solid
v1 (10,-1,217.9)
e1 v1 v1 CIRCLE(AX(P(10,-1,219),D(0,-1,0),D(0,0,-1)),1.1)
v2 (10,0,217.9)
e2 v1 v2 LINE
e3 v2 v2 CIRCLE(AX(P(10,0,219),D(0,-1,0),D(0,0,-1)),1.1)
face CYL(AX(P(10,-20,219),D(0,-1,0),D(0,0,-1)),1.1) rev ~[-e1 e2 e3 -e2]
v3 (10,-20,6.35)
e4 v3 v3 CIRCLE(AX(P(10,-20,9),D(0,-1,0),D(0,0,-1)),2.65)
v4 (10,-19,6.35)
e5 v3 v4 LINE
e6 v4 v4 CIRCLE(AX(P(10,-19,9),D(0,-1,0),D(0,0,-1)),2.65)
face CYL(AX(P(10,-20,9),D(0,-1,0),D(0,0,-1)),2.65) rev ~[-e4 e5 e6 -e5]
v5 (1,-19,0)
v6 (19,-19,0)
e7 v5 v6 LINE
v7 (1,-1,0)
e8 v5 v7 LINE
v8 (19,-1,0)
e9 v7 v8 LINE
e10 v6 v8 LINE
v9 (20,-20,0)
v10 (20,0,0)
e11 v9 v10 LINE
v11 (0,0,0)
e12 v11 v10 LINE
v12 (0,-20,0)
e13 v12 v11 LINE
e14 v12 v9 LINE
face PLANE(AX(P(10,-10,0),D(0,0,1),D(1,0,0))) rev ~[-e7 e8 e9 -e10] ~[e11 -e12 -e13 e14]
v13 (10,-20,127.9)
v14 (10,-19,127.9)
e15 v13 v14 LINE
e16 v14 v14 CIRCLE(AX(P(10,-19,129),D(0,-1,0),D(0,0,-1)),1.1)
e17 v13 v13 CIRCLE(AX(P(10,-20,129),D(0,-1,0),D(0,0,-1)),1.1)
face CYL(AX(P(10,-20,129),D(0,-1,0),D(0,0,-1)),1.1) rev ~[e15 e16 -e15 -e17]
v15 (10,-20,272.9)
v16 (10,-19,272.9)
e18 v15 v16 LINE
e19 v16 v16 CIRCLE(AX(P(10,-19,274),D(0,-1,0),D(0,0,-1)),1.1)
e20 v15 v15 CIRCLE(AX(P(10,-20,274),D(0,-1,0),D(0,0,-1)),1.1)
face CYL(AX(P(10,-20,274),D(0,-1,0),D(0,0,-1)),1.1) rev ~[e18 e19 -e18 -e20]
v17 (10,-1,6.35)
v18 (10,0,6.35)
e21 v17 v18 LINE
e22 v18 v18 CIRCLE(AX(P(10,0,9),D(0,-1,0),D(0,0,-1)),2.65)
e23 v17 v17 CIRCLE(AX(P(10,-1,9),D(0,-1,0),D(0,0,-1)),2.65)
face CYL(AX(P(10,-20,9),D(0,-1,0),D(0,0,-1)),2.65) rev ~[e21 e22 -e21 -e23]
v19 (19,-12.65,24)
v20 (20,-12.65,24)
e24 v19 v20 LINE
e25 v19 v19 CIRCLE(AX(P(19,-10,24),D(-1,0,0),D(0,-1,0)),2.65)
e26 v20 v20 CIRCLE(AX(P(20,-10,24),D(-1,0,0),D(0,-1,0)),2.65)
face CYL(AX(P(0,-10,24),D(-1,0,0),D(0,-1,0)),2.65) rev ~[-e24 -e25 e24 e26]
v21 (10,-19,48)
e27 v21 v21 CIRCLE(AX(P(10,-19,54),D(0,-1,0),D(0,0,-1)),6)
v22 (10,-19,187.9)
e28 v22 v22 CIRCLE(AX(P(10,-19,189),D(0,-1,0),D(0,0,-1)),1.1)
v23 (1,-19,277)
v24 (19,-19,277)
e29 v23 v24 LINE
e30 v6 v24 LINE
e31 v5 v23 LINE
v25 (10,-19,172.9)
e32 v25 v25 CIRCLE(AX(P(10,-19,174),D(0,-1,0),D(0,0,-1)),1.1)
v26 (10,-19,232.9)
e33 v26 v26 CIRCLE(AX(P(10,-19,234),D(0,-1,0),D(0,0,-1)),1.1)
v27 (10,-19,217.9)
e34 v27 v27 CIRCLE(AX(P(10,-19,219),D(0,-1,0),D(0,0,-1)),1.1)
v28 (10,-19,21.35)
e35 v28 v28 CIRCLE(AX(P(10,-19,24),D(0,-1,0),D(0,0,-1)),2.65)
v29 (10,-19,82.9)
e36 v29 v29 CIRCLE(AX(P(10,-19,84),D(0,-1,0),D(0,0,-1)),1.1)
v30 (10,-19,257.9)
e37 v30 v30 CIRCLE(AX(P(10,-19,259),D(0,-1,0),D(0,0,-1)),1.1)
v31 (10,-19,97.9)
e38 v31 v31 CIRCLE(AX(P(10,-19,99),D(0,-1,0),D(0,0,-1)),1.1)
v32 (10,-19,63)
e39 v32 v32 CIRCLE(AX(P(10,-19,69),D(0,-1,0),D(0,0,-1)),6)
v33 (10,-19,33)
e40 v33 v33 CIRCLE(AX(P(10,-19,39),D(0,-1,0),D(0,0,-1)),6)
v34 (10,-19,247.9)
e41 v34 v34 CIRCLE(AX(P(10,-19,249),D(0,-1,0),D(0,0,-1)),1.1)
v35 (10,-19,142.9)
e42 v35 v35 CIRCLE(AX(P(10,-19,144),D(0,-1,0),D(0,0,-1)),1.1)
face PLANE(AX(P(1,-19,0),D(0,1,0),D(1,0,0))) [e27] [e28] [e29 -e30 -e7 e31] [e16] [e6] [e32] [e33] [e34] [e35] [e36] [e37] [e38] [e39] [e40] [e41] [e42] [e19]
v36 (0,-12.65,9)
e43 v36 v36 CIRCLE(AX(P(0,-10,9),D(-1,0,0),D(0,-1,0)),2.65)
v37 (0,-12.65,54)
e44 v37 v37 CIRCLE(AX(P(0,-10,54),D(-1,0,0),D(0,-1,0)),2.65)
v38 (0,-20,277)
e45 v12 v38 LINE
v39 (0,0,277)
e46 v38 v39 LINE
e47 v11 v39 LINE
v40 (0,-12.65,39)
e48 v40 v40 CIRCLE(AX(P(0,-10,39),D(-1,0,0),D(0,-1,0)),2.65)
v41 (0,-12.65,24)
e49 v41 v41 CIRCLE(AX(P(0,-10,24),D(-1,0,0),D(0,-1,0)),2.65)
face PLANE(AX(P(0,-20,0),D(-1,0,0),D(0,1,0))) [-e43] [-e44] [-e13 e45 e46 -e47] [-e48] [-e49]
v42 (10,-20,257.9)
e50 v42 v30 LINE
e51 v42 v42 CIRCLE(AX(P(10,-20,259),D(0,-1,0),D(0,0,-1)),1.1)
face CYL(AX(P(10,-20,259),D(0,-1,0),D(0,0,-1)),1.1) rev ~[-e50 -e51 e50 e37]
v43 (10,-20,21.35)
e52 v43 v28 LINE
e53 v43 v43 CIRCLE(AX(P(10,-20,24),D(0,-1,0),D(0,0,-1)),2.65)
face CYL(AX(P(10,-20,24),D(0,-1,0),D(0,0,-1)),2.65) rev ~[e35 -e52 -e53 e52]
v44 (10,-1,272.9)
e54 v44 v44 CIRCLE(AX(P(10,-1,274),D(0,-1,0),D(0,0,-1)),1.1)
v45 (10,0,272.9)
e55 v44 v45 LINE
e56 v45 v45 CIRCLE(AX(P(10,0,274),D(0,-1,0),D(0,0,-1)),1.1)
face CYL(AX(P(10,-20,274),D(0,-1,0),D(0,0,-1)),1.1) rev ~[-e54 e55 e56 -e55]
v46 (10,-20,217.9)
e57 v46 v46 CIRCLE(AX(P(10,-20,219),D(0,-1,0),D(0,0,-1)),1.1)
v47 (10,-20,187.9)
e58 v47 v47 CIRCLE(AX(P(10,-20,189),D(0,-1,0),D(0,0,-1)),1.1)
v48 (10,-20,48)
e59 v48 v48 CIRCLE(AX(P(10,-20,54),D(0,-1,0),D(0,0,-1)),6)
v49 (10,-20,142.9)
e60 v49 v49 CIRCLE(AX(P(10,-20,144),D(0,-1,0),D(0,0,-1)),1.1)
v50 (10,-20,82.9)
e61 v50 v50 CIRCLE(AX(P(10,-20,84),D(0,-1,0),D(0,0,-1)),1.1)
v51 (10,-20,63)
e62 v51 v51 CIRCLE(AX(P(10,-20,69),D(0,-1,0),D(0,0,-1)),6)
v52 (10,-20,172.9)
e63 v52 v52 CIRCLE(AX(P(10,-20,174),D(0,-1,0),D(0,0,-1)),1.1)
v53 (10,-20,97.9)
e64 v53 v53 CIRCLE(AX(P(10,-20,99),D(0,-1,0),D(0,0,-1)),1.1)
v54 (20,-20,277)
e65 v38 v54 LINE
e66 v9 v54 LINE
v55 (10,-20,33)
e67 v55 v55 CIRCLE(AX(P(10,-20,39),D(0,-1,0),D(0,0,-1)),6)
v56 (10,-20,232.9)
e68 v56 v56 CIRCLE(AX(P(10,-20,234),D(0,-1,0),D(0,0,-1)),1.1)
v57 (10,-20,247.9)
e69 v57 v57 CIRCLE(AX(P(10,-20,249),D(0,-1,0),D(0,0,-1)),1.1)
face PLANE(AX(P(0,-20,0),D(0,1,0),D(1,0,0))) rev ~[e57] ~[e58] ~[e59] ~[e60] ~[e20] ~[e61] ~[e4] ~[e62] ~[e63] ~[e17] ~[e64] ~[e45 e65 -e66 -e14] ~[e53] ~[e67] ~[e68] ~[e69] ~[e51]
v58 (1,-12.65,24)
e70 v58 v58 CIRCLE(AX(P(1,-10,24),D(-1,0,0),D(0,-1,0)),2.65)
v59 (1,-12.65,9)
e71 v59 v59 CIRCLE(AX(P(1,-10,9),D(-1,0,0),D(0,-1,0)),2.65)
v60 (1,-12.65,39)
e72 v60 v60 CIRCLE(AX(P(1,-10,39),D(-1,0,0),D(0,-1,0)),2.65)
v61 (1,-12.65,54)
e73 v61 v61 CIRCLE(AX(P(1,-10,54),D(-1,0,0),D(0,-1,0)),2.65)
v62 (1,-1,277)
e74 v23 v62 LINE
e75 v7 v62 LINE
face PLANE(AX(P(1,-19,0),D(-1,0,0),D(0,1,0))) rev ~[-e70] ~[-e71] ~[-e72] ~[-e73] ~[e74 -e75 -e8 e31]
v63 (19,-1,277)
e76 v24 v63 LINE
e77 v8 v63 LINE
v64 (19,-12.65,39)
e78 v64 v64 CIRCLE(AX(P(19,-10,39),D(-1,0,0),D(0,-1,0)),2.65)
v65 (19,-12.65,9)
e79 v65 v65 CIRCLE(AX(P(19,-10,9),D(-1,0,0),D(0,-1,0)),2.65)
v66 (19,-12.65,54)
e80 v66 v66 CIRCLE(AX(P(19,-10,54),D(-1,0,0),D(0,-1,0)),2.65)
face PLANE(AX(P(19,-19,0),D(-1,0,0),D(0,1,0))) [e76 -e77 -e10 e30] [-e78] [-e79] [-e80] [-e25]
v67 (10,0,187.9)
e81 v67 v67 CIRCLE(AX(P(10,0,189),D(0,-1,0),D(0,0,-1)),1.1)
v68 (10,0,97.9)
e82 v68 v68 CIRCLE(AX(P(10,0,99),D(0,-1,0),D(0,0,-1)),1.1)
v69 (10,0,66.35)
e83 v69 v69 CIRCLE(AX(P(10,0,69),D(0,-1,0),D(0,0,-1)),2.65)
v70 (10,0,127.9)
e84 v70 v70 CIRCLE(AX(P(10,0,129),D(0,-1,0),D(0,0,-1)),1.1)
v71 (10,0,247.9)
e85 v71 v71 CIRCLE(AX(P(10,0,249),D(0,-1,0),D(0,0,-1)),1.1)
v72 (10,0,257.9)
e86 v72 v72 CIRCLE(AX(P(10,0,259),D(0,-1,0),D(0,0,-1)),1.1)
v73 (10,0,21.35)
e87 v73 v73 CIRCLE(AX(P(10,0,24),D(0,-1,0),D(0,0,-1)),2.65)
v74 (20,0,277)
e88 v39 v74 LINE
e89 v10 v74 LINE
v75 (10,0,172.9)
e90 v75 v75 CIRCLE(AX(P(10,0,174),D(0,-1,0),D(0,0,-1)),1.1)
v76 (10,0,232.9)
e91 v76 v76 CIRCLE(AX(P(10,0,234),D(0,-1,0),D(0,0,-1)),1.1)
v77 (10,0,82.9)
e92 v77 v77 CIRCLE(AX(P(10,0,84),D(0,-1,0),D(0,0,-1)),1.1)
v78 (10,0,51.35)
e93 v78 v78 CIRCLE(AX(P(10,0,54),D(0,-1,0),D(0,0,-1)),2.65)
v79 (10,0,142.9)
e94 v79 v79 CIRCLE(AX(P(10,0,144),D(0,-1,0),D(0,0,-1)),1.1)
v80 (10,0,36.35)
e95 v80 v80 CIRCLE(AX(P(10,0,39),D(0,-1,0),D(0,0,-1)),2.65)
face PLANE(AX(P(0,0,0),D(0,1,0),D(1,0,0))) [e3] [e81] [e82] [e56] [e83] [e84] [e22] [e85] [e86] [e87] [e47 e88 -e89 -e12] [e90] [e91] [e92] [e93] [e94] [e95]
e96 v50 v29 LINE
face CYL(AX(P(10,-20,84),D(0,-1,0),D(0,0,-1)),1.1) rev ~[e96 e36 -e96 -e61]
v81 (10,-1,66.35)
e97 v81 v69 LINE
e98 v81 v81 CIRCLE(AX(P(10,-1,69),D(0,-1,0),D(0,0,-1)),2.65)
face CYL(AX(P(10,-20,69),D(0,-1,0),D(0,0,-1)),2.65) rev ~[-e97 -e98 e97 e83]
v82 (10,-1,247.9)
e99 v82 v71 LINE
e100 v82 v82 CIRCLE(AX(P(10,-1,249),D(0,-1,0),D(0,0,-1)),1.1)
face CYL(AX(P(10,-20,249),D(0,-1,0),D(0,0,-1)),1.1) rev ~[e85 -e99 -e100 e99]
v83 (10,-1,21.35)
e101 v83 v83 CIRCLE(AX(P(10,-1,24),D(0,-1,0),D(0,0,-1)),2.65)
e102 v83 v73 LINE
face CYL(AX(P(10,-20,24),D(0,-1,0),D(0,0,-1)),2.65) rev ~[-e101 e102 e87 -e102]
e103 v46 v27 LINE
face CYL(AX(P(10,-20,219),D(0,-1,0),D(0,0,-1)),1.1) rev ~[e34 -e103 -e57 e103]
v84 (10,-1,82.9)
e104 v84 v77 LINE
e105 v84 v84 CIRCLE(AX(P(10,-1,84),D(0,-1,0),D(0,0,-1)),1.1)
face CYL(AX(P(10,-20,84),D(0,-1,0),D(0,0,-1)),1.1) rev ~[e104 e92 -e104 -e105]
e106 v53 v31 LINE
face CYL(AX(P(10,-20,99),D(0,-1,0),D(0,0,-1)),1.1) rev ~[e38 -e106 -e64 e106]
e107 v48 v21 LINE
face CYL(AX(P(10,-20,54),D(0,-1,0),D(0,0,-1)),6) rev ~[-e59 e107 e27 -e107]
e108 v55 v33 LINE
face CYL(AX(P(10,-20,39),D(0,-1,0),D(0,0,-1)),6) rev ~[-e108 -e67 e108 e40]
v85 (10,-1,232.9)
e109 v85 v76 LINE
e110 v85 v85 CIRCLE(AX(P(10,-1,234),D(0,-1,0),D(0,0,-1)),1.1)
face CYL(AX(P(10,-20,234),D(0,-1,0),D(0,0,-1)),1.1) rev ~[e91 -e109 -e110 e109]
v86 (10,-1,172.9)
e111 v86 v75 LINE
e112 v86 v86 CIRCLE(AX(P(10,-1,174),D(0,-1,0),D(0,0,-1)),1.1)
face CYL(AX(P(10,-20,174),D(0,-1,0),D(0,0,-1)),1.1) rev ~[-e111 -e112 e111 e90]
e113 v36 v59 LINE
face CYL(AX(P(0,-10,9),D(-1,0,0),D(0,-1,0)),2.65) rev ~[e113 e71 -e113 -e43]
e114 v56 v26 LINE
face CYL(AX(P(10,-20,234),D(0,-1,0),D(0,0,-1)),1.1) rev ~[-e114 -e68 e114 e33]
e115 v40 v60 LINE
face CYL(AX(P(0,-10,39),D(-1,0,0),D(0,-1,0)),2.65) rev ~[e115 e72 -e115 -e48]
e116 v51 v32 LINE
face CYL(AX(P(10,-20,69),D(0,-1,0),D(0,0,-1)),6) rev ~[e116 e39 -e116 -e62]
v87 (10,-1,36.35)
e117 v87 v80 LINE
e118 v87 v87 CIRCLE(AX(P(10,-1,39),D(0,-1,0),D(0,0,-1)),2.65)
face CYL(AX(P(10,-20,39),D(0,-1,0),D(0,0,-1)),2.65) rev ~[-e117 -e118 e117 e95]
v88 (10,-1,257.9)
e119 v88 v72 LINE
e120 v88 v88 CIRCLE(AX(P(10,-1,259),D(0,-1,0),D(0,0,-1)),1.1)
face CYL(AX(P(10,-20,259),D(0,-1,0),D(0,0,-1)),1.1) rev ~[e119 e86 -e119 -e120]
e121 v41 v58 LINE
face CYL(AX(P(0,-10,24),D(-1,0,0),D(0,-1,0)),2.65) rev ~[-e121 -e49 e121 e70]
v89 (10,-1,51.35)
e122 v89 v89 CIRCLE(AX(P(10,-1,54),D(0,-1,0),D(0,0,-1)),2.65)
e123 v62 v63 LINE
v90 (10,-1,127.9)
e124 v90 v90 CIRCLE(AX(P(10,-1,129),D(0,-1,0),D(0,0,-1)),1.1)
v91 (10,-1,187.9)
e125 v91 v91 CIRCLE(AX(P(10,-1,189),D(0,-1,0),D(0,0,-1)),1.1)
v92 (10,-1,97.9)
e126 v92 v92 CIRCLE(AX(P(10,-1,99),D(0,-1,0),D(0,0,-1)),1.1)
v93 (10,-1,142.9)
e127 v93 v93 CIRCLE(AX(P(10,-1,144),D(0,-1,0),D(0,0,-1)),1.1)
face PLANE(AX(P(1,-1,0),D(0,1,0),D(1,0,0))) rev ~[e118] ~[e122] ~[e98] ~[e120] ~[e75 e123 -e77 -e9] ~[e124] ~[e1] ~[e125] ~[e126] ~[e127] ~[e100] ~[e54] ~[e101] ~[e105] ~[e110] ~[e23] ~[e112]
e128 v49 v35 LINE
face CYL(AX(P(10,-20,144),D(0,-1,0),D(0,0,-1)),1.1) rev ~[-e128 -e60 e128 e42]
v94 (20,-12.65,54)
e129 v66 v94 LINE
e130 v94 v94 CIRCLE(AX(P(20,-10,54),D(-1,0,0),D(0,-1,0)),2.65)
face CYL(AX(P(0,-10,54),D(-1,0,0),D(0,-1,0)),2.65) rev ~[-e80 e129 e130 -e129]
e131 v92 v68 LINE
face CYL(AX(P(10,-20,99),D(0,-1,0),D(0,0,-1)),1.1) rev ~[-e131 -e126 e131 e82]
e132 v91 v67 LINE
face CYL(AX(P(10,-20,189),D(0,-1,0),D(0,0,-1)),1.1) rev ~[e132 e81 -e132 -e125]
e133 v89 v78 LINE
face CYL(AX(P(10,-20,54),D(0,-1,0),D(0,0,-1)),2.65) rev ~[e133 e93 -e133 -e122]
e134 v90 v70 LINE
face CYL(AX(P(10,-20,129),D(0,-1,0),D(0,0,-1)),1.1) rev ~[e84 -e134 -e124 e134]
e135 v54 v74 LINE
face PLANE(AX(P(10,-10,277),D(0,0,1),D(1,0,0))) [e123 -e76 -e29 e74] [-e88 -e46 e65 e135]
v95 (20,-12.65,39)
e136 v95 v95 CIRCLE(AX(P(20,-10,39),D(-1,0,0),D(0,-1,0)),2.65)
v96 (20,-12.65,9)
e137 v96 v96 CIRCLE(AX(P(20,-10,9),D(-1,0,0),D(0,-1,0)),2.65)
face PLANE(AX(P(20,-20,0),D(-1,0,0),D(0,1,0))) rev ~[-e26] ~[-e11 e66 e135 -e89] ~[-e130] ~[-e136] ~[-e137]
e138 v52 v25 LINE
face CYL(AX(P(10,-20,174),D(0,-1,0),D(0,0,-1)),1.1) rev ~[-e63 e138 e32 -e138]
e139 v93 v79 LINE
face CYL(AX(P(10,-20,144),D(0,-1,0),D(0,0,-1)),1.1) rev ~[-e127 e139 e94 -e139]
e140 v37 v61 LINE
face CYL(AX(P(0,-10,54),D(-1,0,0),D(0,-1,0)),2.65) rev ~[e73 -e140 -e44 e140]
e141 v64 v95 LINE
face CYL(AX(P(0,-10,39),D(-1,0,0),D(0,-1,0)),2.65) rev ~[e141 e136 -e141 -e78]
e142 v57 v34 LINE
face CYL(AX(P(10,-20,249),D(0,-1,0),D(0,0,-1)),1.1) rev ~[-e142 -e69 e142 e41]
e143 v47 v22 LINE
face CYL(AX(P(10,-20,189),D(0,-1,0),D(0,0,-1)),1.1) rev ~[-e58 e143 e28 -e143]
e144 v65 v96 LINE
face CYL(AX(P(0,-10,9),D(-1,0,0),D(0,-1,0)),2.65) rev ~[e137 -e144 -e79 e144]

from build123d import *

# Parameters (mm, degrees)
SKETCH_1_W          = 20
SKETCH_1_H          = 20
SKETCH_1_W_2        = 18
SKETCH_1_H_2        = 18
EXTRUDE_2_DEPTH     = 277
SKETCH_2_R          = 2.65
SKETCH_2_R_2        = 1.1
CUT_EXTRUDE_1_DEPTH = 20
SKETCH_5_R          = 2.65
CUT_EXTRUDE_2_DEPTH = 20
SKETCH_6_R          = 6
CUT_EXTRUDE_3_DEPTH = 10


with BuildPart() as part:
    # 草图1 → 凸台-拉伸2 (new body)
    with BuildSketch(Plane.XY):
        with Locations((10, -10)):
            Rectangle(SKETCH_1_W, SKETCH_1_H)
        with Locations((10, -10)):
            Rectangle(SKETCH_1_W_2, SKETCH_1_H_2, mode=Mode.SUBTRACT)
    extrude(amount=EXTRUDE_2_DEPTH)

    # 草图2 → 切除-拉伸1 (cut)
    with BuildSketch(Plane(origin=(0, -20, 0), x_dir=(-1, 0, 0), z_dir=(0, -1, 0))):
        with Locations(Location((-10, -9, 0), (0, 0, 90))):
            Circle(SKETCH_2_R)
        with Locations(Location((-10, -24, 0), (0, 0, 90))):
            Circle(SKETCH_2_R)
        with Locations(Location((-10, -39, 0), (0, 0, 90))):
            Circle(SKETCH_2_R)
        with Locations(Location((-10, -54, 0), (0, 0, 90))):
            Circle(SKETCH_2_R)
        with Locations(Location((-10, -69, 0), (0, 0, 90))):
            Circle(SKETCH_2_R)
        with Locations(Location((-10, -99, 0), (0, 0, 90))):
            Circle(SKETCH_2_R_2)
        with Locations(Location((-10, -129, 0), (0, 0, 90))):
            Circle(SKETCH_2_R_2)
        with Locations(Location((-10, -144, 0), (0, 0, 90))):
            Circle(SKETCH_2_R_2)
        with Locations(Location((-10, -174, 0), (0, 0, 90))):
            Circle(SKETCH_2_R_2)
        with Locations(Location((-10, -189, 0), (0, 0, 90))):
            Circle(SKETCH_2_R_2)
        with Locations(Location((-10, -219, 0), (0, 0, 90))):
            Circle(SKETCH_2_R_2)
        with Locations(Location((-10, -234, 0), (0, 0, 90))):
            Circle(SKETCH_2_R_2)
        with Locations(Location((-10, -249, 0), (0, 0, 90))):
            Circle(SKETCH_2_R_2)
        with Locations(Location((-10, -84, 0), (0, 0, 90))):
            Circle(SKETCH_2_R_2)
        with Locations(Location((-10, -259, 0), (0, 0, 90))):
            Circle(SKETCH_2_R_2)
        with Locations(Location((-10, -274, 0), (0, 0, 90))):
            Circle(SKETCH_2_R_2)
    extrude(amount=-CUT_EXTRUDE_1_DEPTH, mode=Mode.SUBTRACT)

    # 草图5 → 切除-拉伸2 (cut)
    with BuildSketch(Plane.ZY):
        with Locations(Location((9, -10, 0), (0, 0, 270))):
            Circle(SKETCH_5_R)
        with Locations(Location((24, -10, 0), (0, 0, 270))):
            Circle(SKETCH_5_R)
        with Locations(Location((39, -10, 0), (0, 0, 270))):
            Circle(SKETCH_5_R)
        with Locations(Location((54, -10, 0), (0, 0, 270))):
            Circle(SKETCH_5_R)
    extrude(amount=-CUT_EXTRUDE_2_DEPTH, mode=Mode.SUBTRACT)

    # 草图6 → 切除-拉伸3 (cut)
    with BuildSketch(Plane(origin=(0, -20, 0), x_dir=(-1, 0, 0), z_dir=(0, -1, 0))):
        with Locations(Location((-10, -39, 0), (0, 0, 90))):
            Circle(SKETCH_6_R)
        with Locations(Location((-10, -54, 0), (0, 0, 90))):
            Circle(SKETCH_6_R)
        with Locations(Location((-10, -69, 0), (0, 0, 90))):
            Circle(SKETCH_6_R)
    extrude(amount=-CUT_EXTRUDE_3_DEPTH, mode=Mode.SUBTRACT)


solid = part.part
